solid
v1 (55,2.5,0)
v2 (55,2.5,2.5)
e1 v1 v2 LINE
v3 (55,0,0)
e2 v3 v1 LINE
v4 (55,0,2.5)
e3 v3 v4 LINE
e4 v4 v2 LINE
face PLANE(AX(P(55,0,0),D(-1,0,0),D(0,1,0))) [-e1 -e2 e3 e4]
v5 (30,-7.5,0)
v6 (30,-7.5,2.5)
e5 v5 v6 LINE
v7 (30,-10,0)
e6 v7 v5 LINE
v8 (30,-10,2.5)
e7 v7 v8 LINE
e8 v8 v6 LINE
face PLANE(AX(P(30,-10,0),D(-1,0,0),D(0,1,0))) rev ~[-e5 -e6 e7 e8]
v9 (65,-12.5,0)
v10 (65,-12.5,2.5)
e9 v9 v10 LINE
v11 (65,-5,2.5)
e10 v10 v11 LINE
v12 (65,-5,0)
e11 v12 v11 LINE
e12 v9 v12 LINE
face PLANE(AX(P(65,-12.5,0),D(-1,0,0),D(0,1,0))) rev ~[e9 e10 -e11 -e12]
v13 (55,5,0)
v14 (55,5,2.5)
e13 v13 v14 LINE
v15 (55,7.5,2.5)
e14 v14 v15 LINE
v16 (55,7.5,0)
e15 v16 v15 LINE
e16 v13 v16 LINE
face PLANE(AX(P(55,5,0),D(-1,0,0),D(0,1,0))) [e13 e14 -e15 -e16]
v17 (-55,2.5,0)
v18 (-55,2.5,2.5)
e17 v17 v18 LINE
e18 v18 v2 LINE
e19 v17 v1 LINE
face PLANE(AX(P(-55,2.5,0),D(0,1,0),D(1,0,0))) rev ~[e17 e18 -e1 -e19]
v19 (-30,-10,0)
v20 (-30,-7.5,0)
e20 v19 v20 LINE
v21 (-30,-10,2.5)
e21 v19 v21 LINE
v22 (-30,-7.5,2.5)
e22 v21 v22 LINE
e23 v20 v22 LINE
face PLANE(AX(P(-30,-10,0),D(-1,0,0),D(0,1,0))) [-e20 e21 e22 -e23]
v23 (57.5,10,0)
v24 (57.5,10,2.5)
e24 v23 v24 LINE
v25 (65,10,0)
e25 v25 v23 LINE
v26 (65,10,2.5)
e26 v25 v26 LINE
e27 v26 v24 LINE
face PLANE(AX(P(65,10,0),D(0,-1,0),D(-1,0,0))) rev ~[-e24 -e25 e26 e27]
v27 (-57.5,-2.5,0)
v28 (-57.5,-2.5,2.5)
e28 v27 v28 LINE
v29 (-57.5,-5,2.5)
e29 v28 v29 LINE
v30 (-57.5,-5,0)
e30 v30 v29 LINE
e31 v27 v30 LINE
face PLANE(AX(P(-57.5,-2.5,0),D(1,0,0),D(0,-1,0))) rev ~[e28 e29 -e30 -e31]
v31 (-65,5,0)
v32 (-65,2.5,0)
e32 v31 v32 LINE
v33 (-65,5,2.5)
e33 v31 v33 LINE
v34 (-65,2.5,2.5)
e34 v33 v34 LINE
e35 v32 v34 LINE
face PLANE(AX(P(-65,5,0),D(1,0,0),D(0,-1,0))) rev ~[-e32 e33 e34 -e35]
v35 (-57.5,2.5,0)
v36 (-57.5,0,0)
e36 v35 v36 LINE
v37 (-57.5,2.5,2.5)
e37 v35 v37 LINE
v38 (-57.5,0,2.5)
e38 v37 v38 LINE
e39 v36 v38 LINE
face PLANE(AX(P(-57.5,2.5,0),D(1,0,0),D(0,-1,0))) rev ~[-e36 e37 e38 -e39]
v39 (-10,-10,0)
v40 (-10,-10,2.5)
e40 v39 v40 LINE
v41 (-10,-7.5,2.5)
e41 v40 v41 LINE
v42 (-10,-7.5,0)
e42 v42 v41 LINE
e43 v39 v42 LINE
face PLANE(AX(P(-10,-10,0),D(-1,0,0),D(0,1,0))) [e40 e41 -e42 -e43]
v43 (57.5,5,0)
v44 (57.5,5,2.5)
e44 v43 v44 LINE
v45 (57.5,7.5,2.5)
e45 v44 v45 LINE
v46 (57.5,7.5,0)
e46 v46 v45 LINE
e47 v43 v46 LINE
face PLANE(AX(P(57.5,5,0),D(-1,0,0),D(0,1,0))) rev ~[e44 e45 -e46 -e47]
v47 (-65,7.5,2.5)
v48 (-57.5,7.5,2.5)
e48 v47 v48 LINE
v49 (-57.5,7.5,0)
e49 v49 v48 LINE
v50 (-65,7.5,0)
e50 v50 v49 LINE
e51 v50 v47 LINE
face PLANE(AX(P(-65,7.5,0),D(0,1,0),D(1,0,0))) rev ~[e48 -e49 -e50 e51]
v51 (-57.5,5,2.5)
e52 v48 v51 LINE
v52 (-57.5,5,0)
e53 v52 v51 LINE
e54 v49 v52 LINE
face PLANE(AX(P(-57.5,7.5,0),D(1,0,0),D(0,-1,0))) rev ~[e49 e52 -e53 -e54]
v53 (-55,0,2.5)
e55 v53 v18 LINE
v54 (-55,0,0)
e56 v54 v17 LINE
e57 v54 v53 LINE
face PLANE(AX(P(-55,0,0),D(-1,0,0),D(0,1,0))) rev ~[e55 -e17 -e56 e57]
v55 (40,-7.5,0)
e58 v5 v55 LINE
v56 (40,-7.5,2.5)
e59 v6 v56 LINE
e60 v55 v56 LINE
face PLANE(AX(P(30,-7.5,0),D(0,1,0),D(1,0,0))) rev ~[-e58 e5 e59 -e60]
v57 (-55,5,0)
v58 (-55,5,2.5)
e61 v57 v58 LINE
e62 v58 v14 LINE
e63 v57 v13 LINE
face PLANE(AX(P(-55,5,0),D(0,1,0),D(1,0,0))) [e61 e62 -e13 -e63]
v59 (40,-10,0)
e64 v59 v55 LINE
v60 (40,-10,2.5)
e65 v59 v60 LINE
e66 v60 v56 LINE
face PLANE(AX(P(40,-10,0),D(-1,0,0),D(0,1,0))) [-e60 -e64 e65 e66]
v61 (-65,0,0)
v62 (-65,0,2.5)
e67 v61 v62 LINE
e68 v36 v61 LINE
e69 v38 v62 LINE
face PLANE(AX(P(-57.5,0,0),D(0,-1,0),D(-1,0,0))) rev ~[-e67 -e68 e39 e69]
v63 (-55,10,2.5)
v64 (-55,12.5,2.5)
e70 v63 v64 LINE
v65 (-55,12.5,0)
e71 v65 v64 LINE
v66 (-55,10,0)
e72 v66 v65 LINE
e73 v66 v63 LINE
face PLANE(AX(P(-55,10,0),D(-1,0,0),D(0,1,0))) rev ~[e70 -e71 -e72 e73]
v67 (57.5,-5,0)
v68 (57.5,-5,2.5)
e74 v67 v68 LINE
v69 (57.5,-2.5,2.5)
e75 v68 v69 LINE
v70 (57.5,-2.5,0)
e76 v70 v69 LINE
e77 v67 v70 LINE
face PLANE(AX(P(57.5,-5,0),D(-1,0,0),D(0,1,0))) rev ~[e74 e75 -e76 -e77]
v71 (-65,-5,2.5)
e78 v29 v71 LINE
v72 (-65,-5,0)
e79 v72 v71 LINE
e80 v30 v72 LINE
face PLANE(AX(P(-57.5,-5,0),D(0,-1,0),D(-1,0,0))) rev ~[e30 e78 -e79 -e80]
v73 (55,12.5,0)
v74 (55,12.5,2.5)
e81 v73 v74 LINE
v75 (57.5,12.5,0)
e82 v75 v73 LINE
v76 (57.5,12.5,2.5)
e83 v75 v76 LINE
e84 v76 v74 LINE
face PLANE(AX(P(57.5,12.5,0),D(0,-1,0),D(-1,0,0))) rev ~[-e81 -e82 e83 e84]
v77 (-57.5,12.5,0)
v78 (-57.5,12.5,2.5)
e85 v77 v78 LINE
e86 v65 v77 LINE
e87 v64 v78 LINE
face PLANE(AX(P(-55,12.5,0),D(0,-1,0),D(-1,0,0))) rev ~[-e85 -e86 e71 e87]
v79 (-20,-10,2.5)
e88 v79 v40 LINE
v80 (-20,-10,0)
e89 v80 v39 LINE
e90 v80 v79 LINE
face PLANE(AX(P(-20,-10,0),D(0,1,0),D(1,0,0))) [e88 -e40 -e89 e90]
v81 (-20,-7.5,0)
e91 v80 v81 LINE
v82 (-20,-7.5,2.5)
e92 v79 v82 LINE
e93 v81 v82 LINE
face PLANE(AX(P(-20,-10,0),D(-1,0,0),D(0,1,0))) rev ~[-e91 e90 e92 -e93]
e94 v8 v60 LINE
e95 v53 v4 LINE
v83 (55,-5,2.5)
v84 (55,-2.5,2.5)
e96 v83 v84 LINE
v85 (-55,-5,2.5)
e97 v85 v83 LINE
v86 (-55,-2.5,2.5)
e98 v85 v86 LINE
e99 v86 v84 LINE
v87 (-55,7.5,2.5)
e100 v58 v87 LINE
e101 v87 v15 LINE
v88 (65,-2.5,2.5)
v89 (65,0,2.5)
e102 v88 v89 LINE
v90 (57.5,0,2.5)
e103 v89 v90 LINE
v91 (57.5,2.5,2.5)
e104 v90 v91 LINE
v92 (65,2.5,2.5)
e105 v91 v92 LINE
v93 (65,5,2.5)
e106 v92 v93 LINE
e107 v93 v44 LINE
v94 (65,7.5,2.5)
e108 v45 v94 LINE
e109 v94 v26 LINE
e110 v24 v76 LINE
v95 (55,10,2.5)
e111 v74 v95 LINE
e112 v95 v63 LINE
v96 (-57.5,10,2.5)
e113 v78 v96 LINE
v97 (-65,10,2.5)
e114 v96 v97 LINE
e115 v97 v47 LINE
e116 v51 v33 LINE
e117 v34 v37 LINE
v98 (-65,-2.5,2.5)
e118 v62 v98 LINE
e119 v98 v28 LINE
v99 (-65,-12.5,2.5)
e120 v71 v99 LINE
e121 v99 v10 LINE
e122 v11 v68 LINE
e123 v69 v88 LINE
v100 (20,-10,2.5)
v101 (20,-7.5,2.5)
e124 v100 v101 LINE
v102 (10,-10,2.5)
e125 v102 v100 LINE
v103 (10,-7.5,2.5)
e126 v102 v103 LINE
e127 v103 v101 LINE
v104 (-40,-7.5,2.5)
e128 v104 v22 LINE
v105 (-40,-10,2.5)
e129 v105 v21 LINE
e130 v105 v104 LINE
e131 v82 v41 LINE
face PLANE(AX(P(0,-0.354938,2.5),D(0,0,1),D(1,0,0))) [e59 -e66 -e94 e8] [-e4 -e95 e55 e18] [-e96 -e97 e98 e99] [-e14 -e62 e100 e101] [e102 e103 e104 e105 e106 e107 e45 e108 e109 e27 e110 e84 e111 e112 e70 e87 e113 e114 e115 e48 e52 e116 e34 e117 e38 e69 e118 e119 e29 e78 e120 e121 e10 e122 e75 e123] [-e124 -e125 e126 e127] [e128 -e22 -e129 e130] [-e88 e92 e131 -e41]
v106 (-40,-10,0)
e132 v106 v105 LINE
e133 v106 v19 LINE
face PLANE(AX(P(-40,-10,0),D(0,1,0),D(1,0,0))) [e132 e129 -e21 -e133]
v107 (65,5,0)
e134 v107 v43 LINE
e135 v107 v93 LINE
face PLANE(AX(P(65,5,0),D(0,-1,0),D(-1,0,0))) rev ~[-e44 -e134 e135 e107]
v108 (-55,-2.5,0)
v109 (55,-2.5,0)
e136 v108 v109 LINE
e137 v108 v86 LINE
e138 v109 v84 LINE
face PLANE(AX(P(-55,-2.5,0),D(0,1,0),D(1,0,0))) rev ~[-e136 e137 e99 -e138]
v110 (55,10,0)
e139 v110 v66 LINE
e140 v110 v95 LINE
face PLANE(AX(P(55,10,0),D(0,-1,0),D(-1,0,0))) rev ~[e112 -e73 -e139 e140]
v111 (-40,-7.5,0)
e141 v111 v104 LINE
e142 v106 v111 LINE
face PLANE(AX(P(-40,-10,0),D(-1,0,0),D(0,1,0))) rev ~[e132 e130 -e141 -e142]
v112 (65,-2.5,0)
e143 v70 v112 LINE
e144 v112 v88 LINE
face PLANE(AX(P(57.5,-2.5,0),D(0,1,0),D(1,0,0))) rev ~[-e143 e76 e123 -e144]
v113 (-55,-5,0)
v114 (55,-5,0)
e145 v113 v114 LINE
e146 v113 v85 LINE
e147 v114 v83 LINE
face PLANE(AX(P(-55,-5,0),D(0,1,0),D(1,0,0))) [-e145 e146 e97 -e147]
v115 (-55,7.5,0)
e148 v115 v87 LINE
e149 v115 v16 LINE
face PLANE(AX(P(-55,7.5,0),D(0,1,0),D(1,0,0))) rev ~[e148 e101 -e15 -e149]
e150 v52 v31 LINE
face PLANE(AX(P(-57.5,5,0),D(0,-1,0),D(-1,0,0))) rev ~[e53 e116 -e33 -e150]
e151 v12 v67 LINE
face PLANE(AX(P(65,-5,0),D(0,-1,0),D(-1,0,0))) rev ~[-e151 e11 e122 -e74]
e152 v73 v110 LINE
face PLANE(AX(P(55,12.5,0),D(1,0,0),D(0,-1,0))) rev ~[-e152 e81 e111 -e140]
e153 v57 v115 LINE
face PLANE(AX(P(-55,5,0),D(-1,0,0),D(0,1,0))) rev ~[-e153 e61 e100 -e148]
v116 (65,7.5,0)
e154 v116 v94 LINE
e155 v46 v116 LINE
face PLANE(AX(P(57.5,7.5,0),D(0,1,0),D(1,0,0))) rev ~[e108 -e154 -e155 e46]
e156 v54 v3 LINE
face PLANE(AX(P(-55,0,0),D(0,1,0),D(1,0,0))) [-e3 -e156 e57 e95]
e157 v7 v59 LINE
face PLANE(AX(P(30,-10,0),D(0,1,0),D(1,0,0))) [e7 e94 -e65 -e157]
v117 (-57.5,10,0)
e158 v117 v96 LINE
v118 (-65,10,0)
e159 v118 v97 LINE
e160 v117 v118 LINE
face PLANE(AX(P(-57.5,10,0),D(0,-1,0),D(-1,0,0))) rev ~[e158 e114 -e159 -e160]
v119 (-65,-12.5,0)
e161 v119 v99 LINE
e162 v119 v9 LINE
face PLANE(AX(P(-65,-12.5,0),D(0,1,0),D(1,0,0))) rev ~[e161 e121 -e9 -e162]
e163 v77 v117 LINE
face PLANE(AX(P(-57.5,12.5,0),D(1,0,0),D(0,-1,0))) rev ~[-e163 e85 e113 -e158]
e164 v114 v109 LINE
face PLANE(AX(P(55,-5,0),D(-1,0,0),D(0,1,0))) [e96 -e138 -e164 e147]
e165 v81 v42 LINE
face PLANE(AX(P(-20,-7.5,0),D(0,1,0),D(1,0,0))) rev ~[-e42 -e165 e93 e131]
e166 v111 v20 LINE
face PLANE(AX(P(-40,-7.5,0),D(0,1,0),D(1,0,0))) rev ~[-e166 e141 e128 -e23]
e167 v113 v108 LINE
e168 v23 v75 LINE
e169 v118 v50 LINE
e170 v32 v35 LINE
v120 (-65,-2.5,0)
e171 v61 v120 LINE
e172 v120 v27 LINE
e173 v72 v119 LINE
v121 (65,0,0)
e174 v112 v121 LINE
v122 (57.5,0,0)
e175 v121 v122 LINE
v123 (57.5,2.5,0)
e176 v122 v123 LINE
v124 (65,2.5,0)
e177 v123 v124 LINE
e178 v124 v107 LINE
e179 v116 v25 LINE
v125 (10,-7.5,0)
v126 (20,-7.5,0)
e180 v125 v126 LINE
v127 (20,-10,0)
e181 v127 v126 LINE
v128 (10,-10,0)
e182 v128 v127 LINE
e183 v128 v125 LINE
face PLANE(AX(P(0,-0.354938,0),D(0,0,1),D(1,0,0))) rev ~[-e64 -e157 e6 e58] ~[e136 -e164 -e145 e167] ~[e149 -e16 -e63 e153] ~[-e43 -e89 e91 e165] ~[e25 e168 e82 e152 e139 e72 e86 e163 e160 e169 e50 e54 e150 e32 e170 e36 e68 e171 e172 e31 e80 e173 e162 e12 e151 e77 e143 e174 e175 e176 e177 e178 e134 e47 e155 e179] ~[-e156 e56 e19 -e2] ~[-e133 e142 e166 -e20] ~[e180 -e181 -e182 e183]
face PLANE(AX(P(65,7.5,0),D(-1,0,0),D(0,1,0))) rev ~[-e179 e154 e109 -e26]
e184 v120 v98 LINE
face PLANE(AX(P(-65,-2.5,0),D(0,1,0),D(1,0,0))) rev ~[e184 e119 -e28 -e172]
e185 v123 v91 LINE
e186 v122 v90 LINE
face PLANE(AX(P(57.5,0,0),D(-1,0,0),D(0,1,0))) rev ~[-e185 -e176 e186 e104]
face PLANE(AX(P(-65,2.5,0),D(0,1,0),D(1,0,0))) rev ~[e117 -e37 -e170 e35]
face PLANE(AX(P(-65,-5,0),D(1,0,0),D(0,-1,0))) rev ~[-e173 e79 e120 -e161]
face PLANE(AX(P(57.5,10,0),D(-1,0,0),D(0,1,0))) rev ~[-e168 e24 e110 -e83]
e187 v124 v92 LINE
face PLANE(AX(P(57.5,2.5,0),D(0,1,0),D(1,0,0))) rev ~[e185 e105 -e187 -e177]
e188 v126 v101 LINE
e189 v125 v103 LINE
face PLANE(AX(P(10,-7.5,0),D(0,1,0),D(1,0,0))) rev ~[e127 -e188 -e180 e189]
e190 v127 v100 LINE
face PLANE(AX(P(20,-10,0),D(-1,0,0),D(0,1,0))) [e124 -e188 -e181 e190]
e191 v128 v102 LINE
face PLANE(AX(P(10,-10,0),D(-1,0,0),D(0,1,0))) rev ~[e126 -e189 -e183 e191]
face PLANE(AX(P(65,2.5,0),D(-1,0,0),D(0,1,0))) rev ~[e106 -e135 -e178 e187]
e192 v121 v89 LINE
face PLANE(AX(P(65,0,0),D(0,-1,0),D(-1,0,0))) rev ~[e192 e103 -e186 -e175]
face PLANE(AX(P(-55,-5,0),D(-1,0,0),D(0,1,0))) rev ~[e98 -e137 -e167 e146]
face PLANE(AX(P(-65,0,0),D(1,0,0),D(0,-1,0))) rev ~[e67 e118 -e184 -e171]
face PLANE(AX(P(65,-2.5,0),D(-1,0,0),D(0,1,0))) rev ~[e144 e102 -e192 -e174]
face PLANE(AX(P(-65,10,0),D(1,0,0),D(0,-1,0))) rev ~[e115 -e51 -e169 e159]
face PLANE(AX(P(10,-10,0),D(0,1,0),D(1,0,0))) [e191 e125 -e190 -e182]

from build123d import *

# Parameters (mm, degrees)
SKETCH1_W           = 110
SKETCH1_H           = 2.5
SKETCH1_W_2         = 10
BOSS_EXTRUDE1_DEPTH = 2.5


with BuildPart() as part:
    # Sketch1 → Boss-Extrude1 (new body)
    with BuildSketch(Plane.XY):
        Polygon((-65, -12.5), (65, -12.5), (65, -5), (57.5, -5), (57.5, -2.5), (65, -2.5), (65, 0), (57.5, 0), (57.5, 2.5), (65, 2.5), (65, 5), (57.5, 5), (57.5, 7.5), (65, 7.5), (65, 10), (57.5, 10), (57.5, 12.5), (55, 12.5), (55, 10), (-55, 10), (-55, 12.5), (-57.5, 12.5), (-57.5, 10), (-65, 10), (-65, 7.5), (-57.5, 7.5), (-57.5, 5), (-65, 5), (-65, 2.5), (-57.5, 2.5), (-57.5, 0), (-65, 0), (-65, -2.5), (-57.5, -2.5), (-57.5, -5), (-65, -5), align=None)
        with Locations((0, -3.75)):
            Rectangle(SKETCH1_W, SKETCH1_H, mode=Mode.SUBTRACT)
        with Locations((0, 6.25)):
            Rectangle(SKETCH1_W, SKETCH1_H, mode=Mode.SUBTRACT)
        with Locations((0, 1.25)):
            Rectangle(SKETCH1_W, SKETCH1_H, mode=Mode.SUBTRACT)
        with Locations((-15, -8.75)):
            Rectangle(SKETCH1_W_2, SKETCH1_H, mode=Mode.SUBTRACT)
        with Locations((-35, -8.75)):
            Rectangle(SKETCH1_W_2, SKETCH1_H, mode=Mode.SUBTRACT)
        with Locations((15, -8.75)):
            Rectangle(SKETCH1_W_2, SKETCH1_H, mode=Mode.SUBTRACT)
        with Locations((35, -8.75)):
            Rectangle(SKETCH1_W_2, SKETCH1_H, mode=Mode.SUBTRACT)
    extrude(amount=BOSS_EXTRUDE1_DEPTH)


solid = part.part
